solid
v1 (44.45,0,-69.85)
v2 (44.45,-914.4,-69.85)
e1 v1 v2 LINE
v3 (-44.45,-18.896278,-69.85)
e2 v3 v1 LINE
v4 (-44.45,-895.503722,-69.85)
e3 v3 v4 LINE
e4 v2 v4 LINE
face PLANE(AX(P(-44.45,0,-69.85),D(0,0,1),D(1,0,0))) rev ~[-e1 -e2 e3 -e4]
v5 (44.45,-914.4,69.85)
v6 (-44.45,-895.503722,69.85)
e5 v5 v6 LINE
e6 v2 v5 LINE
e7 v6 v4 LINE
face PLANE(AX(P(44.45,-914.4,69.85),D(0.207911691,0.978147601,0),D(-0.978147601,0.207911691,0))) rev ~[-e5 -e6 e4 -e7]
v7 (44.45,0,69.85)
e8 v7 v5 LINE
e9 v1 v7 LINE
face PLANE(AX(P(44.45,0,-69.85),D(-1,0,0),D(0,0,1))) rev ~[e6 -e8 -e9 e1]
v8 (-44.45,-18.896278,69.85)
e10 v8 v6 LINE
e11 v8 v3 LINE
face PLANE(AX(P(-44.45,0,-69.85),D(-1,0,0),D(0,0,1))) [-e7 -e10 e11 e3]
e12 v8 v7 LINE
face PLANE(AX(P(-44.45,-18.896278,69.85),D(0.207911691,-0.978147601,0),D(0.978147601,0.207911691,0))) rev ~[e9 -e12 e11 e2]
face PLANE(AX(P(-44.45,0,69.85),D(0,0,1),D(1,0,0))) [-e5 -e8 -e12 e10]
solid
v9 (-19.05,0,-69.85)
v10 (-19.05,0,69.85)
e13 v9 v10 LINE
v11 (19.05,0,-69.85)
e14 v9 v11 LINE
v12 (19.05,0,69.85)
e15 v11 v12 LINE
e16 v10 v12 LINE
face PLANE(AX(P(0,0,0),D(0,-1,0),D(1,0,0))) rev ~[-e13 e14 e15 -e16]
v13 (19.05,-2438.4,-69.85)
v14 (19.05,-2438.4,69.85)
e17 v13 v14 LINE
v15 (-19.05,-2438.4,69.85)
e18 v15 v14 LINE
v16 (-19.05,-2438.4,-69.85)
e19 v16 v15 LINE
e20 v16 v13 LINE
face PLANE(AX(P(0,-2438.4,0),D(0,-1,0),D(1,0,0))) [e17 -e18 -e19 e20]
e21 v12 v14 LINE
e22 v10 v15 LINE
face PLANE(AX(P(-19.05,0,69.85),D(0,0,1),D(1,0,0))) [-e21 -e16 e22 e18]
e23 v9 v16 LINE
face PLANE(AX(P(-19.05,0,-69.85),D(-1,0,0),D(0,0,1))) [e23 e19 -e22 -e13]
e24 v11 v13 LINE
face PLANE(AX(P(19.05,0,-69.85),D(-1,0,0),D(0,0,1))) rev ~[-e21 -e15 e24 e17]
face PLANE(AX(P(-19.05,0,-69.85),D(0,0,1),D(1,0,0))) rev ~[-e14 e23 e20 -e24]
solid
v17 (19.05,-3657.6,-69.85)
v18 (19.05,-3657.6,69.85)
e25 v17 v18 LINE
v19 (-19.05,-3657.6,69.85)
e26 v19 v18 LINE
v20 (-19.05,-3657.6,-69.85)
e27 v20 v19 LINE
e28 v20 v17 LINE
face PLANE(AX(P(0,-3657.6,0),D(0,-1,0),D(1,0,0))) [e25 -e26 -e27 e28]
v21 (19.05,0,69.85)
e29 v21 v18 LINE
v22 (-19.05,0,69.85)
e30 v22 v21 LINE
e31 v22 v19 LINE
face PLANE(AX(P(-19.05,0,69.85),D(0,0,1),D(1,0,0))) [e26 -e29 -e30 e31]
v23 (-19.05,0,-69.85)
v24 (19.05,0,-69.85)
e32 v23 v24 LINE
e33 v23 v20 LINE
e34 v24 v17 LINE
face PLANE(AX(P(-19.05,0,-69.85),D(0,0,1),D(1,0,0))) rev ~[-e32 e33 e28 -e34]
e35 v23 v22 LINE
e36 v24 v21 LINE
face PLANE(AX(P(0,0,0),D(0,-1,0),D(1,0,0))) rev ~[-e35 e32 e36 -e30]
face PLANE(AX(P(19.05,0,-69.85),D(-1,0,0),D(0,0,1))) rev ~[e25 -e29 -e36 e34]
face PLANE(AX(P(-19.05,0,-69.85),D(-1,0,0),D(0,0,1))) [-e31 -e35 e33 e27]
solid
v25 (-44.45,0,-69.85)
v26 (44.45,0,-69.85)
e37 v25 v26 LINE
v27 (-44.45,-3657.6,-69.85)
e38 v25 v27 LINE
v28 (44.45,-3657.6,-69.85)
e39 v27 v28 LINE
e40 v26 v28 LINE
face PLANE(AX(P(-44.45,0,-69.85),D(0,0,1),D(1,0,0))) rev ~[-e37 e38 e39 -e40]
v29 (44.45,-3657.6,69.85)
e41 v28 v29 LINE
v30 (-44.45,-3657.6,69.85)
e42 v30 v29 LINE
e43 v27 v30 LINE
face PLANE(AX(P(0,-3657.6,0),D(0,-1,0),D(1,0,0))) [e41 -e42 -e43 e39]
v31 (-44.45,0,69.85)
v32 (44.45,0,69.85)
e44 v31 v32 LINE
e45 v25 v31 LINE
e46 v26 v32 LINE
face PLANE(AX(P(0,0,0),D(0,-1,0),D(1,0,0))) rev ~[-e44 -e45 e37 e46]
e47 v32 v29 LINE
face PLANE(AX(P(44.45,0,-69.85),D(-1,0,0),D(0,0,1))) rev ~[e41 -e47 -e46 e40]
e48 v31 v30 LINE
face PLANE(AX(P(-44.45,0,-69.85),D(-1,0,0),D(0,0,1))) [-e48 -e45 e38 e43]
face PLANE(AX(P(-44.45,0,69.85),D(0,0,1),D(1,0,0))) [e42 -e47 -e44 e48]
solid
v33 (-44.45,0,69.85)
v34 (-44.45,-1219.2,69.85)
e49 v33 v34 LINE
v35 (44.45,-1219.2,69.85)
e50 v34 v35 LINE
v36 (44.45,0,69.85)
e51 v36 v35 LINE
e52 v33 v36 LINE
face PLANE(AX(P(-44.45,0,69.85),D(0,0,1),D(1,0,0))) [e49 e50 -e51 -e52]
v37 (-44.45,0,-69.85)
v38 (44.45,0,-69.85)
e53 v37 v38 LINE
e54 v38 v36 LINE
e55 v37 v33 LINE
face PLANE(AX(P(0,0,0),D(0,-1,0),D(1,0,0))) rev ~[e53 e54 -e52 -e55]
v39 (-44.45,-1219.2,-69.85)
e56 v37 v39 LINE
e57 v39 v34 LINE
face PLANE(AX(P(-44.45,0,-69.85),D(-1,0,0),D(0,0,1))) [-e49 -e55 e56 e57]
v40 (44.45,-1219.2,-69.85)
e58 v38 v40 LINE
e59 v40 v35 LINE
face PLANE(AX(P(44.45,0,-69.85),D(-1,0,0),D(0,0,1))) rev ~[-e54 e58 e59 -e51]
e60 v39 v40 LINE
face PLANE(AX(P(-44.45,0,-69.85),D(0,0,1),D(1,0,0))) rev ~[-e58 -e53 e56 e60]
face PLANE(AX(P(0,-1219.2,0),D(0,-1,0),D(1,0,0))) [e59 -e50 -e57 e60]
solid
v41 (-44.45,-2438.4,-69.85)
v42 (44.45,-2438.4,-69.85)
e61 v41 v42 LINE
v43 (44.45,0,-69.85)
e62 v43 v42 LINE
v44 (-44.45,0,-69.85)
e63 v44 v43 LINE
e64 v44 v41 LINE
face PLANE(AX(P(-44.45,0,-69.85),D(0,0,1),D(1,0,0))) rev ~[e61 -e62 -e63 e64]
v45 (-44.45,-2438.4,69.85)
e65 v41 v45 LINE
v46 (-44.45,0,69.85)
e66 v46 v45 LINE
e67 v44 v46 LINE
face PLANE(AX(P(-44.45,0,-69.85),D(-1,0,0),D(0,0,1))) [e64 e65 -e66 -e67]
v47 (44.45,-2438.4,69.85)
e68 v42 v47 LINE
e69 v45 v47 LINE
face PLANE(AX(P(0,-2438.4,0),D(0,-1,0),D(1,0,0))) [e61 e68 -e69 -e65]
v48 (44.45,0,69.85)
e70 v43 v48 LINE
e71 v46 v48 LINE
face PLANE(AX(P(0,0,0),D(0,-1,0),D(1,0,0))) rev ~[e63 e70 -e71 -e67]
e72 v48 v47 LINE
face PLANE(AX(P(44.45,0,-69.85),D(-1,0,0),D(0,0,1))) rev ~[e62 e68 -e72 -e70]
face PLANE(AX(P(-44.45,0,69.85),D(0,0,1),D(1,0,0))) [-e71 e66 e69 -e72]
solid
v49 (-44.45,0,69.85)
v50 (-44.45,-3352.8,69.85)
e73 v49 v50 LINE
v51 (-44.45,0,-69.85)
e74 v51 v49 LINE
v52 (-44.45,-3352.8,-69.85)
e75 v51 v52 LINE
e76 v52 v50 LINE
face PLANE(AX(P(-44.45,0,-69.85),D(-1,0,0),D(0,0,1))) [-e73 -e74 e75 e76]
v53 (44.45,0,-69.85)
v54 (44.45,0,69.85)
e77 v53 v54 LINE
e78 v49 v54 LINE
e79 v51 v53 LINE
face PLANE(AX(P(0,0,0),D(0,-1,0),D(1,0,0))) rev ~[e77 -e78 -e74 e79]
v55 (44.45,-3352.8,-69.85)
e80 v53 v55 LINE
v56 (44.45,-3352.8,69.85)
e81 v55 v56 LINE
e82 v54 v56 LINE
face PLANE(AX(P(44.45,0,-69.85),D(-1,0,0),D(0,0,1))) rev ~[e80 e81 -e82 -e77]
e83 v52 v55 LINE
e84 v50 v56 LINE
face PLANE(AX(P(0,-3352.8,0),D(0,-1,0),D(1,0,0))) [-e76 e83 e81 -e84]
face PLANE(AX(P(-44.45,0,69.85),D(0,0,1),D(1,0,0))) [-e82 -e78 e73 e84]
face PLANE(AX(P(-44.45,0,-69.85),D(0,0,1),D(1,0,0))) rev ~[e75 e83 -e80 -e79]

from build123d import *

# Parameters (mm, degrees)
F0_W      = 88.9
F0_H      = 139.7
F2_DEPTH  = 1219.2
F3_DEPTH  = 2438.4
F4_DEPTH  = 3352.8
F5_DEPTH  = 3657.6
F1_W      = 38.1
F1_H      = 139.7
F6_DEPTH  = 2438.4
F7_DEPTH  = 3657.6
F8_DEPTH  = 914.4
F10_DEPTH = 139.701


with BuildPart() as f2:
    # F0 (on Front) → F2 (new body)
    with BuildSketch(Plane.XZ):
        Rectangle(F0_W, F0_H)
    extrude(amount=F2_DEPTH)


with BuildPart() as f3:
    # F0 (on Front) → F3 (new body)
    with BuildSketch(Plane.XZ):
        Rectangle(F0_W, F0_H)
    extrude(amount=F3_DEPTH)


with BuildPart() as f4:
    # F0 (on Front) → F4 (new body)
    with BuildSketch(Plane.XZ):
        Rectangle(F0_W, F0_H)
    extrude(amount=F4_DEPTH)


with BuildPart() as f5:
    # F0 (on Front) → F5 (new body)
    with BuildSketch(Plane.XZ):
        Rectangle(F0_W, F0_H)
    extrude(amount=F5_DEPTH)


with BuildPart() as f6:
    # F1 (on Front) → F6 (new body)
    with BuildSketch(Plane.XZ):
        Rectangle(F1_W, F1_H)
    extrude(amount=F6_DEPTH)


with BuildPart() as f7:
    # F1 (on Front) → F7 (new body)
    with BuildSketch(Plane.XZ):
        Rectangle(F1_W, F1_H)
    extrude(amount=F7_DEPTH)


with BuildPart() as f8:
    # F0 (on Front) → F8 (new body)
    with BuildSketch(Plane.XZ):
        Rectangle(F0_W, F0_H)
    extrude(amount=F8_DEPTH)

    # F9 (on face) → F10 (cut, through all)
    with BuildSketch(Plane.XY.offset(69.85)):
        Polygon((-44.45, -18.8962783325), (44.45, 0), (-44.45, 0), align=None)
        Polygon((-44.45, -895.5037216675), (-44.45, -914.4), (44.45, -914.4), align=None)
    extrude(amount=-F10_DEPTH, mode=Mode.SUBTRACT)


solid = Compound([f2.part, f3.part, f4.part, f5.part, f6.part, f7.part, f8.part])
